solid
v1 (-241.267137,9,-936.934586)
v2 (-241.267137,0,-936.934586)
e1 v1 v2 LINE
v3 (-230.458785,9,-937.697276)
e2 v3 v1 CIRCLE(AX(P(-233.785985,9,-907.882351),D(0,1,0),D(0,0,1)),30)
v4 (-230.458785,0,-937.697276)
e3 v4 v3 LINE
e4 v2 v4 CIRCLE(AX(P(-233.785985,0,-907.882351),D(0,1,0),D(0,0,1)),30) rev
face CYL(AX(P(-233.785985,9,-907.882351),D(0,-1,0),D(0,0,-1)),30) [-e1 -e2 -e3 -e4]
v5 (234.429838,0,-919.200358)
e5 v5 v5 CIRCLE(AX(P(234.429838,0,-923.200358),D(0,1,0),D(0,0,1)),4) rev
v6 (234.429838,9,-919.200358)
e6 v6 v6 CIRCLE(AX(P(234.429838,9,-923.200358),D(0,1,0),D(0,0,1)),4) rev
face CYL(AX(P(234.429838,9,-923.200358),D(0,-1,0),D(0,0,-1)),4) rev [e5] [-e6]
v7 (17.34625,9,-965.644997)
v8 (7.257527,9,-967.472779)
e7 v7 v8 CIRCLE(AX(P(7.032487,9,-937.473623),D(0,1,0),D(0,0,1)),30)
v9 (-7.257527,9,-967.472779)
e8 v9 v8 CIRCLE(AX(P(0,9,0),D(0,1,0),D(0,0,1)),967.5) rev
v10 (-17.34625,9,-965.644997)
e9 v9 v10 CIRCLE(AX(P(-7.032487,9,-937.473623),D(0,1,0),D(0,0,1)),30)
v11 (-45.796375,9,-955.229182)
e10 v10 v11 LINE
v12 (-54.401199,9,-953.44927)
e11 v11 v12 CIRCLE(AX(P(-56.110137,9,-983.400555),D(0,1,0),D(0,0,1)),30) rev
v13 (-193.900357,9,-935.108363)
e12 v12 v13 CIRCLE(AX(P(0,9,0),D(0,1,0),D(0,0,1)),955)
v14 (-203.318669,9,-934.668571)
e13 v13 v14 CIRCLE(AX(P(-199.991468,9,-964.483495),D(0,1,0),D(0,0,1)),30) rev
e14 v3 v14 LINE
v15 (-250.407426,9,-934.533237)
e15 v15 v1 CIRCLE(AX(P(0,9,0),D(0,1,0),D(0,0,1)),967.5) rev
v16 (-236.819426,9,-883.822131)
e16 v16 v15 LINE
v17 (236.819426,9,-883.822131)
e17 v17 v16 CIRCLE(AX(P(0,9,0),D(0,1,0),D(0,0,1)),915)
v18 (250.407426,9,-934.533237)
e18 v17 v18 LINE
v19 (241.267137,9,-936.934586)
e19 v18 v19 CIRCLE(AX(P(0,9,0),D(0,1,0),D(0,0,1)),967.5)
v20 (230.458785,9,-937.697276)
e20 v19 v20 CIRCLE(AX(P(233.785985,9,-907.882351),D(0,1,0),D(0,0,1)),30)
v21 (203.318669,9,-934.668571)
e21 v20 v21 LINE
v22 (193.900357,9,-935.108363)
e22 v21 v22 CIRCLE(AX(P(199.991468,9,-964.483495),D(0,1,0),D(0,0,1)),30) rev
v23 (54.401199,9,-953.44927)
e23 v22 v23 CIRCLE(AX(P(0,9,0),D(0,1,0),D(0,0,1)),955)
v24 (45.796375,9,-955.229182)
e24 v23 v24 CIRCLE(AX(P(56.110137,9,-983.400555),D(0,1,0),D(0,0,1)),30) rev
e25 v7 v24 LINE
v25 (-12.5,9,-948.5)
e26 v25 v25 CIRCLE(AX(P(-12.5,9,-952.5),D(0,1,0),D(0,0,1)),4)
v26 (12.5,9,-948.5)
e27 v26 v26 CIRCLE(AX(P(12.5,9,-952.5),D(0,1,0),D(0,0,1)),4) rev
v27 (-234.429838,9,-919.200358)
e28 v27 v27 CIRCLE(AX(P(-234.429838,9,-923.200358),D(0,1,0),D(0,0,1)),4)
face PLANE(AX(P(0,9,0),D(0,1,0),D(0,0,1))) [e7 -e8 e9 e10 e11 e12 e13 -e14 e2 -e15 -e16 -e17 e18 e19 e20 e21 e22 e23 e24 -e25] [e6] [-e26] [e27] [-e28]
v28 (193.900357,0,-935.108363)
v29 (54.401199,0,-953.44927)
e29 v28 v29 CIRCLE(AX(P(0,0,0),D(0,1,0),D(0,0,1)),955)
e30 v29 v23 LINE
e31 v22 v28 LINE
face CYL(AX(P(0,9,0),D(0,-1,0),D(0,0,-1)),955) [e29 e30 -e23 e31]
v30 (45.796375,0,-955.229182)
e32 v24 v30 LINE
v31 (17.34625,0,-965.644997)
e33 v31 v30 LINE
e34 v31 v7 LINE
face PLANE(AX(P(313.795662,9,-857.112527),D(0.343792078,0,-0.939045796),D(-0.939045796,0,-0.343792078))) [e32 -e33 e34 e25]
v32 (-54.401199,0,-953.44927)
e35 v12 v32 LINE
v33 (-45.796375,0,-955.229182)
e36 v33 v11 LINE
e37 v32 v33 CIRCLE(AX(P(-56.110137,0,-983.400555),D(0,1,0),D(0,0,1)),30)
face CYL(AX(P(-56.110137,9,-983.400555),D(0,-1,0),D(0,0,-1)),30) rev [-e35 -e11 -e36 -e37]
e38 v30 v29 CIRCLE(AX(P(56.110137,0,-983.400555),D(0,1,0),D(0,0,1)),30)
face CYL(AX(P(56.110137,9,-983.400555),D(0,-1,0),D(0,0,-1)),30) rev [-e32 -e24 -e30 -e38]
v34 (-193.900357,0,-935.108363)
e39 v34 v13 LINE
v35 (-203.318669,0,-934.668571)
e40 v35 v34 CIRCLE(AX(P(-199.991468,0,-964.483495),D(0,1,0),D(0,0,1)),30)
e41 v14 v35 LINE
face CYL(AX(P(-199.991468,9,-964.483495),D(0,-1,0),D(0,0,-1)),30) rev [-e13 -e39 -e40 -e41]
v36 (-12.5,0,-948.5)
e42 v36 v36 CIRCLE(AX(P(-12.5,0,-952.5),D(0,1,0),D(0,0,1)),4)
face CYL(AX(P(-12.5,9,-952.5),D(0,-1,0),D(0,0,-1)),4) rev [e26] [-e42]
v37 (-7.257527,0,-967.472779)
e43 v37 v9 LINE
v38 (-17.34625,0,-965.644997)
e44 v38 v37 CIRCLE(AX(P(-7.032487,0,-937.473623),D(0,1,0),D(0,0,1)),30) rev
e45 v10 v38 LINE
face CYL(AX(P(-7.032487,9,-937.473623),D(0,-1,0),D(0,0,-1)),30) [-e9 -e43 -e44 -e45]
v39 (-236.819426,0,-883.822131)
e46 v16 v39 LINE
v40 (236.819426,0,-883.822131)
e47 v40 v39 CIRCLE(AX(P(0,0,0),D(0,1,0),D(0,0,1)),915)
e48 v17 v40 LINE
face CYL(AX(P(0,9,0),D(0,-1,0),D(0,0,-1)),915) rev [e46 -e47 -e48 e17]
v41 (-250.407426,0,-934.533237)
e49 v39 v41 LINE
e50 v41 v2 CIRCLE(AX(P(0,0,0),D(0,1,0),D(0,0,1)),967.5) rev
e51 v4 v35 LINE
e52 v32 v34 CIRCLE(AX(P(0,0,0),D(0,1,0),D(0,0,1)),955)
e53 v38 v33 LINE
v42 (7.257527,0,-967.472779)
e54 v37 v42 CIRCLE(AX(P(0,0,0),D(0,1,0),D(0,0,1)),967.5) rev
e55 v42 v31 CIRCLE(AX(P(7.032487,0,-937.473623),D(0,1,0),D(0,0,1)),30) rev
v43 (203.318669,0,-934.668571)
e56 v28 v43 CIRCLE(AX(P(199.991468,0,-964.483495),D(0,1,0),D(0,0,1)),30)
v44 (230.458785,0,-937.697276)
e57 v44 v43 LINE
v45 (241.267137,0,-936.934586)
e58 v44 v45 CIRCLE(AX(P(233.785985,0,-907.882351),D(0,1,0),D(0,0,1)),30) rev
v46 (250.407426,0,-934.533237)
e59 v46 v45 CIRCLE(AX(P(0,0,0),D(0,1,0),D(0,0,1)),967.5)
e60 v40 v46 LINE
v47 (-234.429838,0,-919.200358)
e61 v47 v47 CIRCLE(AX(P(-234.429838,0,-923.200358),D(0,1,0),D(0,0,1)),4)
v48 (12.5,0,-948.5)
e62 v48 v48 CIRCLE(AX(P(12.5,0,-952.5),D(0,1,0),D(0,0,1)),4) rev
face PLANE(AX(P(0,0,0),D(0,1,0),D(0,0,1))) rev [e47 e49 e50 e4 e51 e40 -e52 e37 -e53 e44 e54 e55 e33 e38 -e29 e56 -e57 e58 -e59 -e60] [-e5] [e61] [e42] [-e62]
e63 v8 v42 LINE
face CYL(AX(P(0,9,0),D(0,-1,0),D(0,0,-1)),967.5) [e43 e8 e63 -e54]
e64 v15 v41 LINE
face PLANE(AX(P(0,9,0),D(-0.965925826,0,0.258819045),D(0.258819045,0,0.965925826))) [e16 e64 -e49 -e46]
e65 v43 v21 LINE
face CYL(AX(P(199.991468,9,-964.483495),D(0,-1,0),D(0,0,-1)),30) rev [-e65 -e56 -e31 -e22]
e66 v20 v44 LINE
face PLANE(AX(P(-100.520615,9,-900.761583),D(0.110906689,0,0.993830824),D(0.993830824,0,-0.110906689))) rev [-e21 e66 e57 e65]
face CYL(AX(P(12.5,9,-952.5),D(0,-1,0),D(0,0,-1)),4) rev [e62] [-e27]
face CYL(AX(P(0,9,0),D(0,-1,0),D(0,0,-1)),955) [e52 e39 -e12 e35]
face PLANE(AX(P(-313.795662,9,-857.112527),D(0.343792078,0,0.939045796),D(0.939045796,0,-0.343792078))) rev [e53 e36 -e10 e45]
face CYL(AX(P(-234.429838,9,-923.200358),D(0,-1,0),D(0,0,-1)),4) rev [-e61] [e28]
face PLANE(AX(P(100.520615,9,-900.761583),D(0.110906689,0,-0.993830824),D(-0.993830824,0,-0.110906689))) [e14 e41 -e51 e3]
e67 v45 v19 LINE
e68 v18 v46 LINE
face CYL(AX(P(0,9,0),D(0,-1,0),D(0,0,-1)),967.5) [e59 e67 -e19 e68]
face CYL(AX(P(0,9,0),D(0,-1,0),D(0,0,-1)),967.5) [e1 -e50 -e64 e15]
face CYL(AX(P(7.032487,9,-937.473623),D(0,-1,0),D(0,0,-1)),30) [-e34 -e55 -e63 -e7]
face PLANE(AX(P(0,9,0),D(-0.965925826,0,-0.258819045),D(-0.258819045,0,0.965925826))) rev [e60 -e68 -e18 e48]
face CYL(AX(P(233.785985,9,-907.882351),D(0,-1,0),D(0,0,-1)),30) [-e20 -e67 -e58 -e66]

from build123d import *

# Parameters (mm, degrees)
SKETCH1_R           = 4
BOSS_EXTRUDE1_DEPTH = 9
FILLET1_R           = 30


with BuildPart() as part:
    # Sketch1 → Boss-Extrude1 (new body)
    with BuildSketch(Plane(origin=(0, 0, 0), x_dir=(1, 0, 0), z_dir=(0, 1, 0))):
        with BuildLine():
            ThreePointArc((-236.819426269, 883.822131054), (0, 915), (236.819426269, 883.822131054))
            Line((236.819426269, 883.822131054), (250.407426137, 934.533236935))
            ThreePointArc((250.407426137, 934.533236935), (243.155240373, 936.446356755), (235.888441696, 938.303198904))
            Line((235.888441696, 938.303198904), (198.536895902, 934.134947941))
            ThreePointArc((198.536895902, 934.134947941), (124.65251357, 946.829842612), (50, 953.690201271))
            Line((50, 953.690201271), (12.5, 967.419247276))
            ThreePointArc((12.5, 967.419247276), (0, 967.5), (-12.5, 967.419247276))
            Line((-12.5, 967.419247276), (-50, 953.690201271))
            ThreePointArc((-50, 953.690201271), (-124.65251357, 946.829842612), (-198.536895902, 934.134947941))
            Line((-198.536895902, 934.134947941), (-235.888441696, 938.303198904))
            ThreePointArc((-235.888441696, 938.303198904), (-243.155240373, 936.446356755), (-250.407426137, 934.533236935))
            Line((-250.407426137, 934.533236935), (-236.819426269, 883.822131054))
        make_face()
        with Locations(Location((12.5, 952.5, 0), (0, 0, 270))):
            Circle(SKETCH1_R, mode=Mode.SUBTRACT)
        with Locations(Location((-12.5, 952.5, 0), (0, 0, 270))):
            Circle(SKETCH1_R, mode=Mode.SUBTRACT)
        with Locations(Location((234.429838121, 923.200357993, 0), (0, 0, 270))):
            Circle(SKETCH1_R, mode=Mode.SUBTRACT)
        with Locations(Location((-234.429838121, 923.200357993, 0), (0, 0, 270))):
            Circle(SKETCH1_R, mode=Mode.SUBTRACT)
    extrude(amount=BOSS_EXTRUDE1_DEPTH)

    # Fillet1
    fillet1_edges = [part.edges().sort_by_distance(p)[0] for p in [
        (-235.888441696, 4.5, -938.303198904),
        (-198.536895902, 4.5, -934.134947941),
        (-50, 4.5, -953.690201271),
        (-12.5, 4.5, -967.419247276),
        (12.5, 4.5, -967.419247276),
        (50, 4.5, -953.690201271),
        (198.536895902, 4.5, -934.134947941),
        (235.888441696, 4.5, -938.303198904),
    ]]
    fillet(fillet1_edges, radius=FILLET1_R)


solid = part.part
